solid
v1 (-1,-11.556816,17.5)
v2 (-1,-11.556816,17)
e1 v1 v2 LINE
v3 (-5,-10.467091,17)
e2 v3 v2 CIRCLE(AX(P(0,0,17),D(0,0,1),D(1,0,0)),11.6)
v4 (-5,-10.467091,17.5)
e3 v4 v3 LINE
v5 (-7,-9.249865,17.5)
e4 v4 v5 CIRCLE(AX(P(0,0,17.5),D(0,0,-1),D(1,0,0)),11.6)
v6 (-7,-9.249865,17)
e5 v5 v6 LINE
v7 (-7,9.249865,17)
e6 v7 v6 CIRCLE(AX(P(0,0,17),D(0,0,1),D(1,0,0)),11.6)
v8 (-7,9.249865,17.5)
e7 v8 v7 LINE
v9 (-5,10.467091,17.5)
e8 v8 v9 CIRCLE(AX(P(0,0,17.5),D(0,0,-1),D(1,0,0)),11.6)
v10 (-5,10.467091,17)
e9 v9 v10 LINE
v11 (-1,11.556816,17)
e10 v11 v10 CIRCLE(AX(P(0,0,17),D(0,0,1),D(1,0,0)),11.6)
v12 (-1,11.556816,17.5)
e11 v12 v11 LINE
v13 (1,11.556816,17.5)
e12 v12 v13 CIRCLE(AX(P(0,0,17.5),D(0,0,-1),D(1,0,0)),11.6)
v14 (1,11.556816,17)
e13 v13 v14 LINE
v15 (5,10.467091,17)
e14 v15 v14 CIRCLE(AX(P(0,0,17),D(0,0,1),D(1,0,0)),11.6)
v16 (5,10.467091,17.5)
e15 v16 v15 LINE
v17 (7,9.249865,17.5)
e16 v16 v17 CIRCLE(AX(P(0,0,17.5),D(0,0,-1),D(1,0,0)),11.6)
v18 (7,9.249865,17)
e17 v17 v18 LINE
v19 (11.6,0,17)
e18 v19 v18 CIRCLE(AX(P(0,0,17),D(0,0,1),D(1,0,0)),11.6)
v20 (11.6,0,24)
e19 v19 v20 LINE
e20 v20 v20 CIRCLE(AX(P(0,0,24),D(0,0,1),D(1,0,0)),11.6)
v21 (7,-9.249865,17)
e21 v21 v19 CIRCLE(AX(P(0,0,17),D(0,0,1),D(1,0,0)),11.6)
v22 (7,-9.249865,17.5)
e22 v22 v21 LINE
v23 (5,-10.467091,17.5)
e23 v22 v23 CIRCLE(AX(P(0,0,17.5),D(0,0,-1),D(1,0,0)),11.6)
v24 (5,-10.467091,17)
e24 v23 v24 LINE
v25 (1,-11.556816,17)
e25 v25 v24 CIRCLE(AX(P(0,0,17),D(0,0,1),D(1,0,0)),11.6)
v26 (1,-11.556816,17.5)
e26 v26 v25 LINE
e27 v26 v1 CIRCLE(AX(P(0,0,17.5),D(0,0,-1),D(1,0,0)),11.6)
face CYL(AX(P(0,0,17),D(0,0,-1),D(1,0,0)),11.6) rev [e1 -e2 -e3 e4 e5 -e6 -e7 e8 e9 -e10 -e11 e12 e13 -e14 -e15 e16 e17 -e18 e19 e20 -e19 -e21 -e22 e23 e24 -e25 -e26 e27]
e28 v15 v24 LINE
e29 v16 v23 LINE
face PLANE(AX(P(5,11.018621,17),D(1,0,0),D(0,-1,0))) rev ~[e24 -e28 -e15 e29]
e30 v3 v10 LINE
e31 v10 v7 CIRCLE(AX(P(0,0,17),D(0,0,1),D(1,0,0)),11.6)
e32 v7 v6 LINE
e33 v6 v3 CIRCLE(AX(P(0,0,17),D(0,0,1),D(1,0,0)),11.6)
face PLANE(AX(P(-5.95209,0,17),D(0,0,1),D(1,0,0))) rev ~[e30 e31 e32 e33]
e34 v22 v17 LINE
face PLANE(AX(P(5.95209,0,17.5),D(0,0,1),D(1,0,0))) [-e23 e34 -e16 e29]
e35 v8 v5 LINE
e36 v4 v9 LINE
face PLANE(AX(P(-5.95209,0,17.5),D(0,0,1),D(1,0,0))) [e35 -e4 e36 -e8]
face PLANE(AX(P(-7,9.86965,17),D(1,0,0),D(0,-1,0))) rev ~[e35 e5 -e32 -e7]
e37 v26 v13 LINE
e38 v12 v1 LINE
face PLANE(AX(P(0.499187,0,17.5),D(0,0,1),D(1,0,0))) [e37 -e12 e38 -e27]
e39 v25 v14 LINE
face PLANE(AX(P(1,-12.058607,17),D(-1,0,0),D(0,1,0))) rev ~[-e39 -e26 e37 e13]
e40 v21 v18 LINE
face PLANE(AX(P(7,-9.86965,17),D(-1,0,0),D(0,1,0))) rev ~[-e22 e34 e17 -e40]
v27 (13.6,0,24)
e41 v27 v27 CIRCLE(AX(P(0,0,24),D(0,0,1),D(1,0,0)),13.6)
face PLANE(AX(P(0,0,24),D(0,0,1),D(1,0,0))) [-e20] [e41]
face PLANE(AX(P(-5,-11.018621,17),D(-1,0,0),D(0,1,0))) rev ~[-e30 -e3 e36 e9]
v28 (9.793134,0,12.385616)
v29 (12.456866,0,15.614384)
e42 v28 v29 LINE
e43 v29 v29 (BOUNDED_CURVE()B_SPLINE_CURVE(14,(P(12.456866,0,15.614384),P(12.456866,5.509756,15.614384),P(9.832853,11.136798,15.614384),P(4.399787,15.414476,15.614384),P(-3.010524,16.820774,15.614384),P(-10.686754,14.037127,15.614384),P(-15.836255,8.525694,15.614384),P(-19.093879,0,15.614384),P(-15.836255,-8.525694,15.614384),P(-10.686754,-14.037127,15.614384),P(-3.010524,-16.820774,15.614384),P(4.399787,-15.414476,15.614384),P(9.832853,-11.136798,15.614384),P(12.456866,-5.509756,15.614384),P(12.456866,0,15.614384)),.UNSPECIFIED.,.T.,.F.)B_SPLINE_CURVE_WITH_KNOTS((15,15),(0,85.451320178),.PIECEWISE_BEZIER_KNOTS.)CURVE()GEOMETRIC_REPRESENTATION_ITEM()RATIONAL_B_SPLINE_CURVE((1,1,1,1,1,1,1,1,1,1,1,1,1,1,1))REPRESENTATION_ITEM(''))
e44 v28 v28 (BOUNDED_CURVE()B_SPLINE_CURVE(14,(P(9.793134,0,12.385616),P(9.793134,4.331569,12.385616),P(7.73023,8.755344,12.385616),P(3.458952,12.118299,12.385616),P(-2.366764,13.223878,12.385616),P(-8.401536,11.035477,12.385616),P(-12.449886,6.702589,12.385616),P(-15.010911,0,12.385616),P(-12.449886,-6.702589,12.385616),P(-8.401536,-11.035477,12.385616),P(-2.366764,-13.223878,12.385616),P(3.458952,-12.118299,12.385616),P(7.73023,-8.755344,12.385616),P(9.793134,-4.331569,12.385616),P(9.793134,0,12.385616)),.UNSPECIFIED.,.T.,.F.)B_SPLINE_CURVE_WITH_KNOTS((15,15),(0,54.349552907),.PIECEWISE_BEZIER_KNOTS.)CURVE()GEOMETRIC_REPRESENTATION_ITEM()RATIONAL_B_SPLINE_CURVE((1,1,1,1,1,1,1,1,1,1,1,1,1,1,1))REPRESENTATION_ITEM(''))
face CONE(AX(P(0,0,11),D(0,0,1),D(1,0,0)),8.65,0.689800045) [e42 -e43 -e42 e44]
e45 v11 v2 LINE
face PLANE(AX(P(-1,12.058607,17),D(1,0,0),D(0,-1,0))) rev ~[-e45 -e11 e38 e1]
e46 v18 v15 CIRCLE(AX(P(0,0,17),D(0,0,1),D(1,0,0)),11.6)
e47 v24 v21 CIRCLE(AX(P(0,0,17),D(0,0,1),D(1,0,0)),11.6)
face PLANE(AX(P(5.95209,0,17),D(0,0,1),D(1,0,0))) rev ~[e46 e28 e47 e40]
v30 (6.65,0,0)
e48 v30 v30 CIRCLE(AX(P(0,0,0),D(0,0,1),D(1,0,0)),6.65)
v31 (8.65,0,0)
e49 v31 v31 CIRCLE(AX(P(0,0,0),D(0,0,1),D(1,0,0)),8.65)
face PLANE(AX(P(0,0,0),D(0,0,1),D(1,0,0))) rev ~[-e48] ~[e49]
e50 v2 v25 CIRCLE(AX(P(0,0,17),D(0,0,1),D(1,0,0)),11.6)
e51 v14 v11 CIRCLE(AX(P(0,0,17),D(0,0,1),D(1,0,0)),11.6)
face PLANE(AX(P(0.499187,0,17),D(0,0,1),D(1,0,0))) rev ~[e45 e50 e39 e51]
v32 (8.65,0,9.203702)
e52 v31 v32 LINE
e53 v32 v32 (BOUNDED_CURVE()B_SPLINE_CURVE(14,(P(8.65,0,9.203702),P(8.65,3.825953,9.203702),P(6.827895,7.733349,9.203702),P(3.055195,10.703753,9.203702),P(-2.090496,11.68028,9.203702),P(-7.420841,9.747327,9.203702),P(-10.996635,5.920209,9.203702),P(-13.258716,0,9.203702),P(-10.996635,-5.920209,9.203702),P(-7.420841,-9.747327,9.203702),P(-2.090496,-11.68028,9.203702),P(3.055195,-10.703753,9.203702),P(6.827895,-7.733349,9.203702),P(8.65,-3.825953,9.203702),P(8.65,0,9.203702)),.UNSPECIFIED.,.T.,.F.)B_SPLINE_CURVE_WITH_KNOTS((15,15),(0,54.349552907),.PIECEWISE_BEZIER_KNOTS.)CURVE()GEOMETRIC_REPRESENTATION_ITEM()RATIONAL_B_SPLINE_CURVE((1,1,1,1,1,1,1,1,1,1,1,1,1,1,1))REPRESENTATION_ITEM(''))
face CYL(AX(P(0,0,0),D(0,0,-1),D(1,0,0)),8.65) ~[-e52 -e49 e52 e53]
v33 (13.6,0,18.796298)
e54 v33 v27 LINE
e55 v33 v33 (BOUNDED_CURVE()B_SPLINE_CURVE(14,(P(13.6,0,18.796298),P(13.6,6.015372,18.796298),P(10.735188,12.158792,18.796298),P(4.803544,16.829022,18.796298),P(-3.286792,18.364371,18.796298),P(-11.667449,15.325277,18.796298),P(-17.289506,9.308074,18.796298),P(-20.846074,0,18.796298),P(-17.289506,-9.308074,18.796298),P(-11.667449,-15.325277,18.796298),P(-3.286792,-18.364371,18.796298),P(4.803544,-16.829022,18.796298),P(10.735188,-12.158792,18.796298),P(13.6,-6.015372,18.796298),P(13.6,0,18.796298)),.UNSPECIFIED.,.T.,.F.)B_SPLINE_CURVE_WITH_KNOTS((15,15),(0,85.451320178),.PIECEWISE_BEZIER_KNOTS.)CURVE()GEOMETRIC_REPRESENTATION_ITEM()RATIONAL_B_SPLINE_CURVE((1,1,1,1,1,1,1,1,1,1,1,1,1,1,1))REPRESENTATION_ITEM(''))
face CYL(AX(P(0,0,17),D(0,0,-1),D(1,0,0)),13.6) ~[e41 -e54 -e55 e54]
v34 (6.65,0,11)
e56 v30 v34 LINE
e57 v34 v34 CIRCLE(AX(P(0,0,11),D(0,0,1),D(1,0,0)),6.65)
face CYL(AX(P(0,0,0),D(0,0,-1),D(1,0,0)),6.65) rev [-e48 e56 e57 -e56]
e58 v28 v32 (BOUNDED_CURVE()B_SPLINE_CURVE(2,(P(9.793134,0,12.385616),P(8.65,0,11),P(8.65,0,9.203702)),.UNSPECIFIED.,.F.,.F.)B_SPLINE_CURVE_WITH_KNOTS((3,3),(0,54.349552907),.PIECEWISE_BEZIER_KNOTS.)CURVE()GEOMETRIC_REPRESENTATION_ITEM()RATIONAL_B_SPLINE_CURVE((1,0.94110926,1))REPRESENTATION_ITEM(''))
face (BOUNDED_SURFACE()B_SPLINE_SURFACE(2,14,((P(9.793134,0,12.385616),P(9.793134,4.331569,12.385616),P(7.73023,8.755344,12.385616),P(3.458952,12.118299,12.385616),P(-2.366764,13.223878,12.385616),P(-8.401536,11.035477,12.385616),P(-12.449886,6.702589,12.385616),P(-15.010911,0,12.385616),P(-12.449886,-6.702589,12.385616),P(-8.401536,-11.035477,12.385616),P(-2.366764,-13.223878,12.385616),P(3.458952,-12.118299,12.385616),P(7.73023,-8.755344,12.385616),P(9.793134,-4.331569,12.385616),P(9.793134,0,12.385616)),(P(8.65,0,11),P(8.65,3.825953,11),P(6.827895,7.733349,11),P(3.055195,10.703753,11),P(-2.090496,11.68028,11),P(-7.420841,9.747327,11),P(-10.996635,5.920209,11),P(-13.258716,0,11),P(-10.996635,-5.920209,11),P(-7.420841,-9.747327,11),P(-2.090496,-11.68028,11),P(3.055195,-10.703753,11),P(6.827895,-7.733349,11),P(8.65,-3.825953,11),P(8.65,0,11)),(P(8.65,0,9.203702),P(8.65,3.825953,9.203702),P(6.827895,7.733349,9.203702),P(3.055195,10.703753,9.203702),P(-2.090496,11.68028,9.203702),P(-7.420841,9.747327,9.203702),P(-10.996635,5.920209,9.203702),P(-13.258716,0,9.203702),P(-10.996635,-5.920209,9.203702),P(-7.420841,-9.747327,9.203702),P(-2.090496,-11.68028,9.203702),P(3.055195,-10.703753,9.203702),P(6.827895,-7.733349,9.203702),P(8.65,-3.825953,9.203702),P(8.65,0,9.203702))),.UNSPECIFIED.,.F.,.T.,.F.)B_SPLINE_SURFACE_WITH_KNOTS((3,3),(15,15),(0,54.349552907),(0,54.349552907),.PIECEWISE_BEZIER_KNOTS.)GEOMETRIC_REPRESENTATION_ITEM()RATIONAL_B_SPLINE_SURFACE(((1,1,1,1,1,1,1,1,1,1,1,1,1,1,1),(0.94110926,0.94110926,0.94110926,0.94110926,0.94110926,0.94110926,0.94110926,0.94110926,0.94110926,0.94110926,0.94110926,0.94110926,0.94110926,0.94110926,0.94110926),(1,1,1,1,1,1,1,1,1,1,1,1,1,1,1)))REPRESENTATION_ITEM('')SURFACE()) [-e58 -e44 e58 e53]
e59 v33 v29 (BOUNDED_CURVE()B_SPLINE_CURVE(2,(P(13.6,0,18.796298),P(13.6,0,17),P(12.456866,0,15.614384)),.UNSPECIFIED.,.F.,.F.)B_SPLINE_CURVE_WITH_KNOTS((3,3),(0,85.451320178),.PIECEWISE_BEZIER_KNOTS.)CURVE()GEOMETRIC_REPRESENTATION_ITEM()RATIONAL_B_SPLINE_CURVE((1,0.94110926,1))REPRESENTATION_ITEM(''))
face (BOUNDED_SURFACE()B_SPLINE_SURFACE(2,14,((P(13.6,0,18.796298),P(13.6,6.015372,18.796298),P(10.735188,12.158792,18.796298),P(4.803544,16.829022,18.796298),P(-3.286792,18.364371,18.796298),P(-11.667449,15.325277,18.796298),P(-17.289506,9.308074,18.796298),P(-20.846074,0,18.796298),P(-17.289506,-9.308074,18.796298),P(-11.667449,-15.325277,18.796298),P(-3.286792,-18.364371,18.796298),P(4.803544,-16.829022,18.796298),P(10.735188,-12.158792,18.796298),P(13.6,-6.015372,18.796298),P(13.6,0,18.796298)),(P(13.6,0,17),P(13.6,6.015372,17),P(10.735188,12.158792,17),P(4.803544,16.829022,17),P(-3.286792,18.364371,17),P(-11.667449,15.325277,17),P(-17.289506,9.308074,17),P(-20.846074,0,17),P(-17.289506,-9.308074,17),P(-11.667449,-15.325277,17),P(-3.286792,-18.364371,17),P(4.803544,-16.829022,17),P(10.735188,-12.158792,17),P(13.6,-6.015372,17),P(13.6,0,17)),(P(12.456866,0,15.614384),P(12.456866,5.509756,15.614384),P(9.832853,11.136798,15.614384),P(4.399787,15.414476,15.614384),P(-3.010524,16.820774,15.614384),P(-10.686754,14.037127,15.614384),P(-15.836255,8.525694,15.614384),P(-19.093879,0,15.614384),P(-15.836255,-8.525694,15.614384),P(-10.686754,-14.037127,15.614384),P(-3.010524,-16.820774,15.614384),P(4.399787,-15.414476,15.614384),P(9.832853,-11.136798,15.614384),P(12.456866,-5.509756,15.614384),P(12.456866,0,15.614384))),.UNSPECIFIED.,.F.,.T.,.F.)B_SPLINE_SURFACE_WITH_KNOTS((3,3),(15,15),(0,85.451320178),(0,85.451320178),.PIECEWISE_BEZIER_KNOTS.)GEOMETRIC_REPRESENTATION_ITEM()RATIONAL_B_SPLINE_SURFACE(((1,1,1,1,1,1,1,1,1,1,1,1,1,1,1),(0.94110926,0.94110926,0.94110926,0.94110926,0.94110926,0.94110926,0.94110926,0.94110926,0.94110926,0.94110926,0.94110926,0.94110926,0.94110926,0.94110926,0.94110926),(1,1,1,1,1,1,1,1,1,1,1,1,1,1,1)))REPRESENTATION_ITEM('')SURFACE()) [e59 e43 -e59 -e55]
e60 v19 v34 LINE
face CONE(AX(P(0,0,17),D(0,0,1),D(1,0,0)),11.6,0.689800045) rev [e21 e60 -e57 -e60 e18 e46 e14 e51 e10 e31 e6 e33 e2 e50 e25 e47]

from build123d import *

# Parameters (mm, degrees)
F0_R     = 8.65
F0_R_2   = 6.65
F1_DEPTH = 11
F3_R     = 13.6
F3_R_2   = 11.6
F4_DEPTH = 7
F8_DEPTH = 0.5
F10_R    = 5


with BuildPart() as f1:
    # F0 (on Top) → F1 (new body)
    with BuildSketch(Plane.XY):
        Circle(F0_R)
        Circle(F0_R_2, mode=Mode.SUBTRACT)
    extrude(amount=F1_DEPTH)


with BuildPart() as f4:
    # F3 (on offset) → F4 (new body)
    with BuildSketch(Plane.XY.offset(17)):
        Circle(F3_R)
        Circle(F3_R_2, mode=Mode.SUBTRACT)
    extrude(amount=F4_DEPTH)


with BuildPart() as f6:
    # F5 (on Front) → F6 (revolve)
    with BuildSketch(Plane.XZ):
        Polygon((11.6, 17), (6.65, 11), (8.65, 11), (13.6, 17), align=None)
    revolve(axis=Axis((0, 0, 14), (0, 0, 1)))


with BuildPart() as f8:
    # F7 (on offset) → F8 (new body)
    with BuildSketch(Plane.XY.offset(17)):
        with BuildLine():
            Line((-5, -11.018621), (-5, 11.018621))
            ThreePointArc((-5, 11.018621), (-6.02744, 10.4919), (-7, 9.86965))
            Line((-7, 9.86965), (-7, -9.86965))
            ThreePointArc((-7, -9.86965), (-6.02744, -10.4919), (-5, -11.018621))
        make_face()
        with BuildLine():
            Line((1, -12.058607), (1, 12.058607))
            ThreePointArc((1, 12.058607), (0.500428, 12.089647), (0, 12.1))
            Line((0, 12.1), (0, 0))
            Line((0, 0), (0, -12.1))
            ThreePointArc((0, -12.1), (0.500428, -12.089647), (1, -12.058607))
        make_face()
        with BuildLine():
            Line((0, 0), (0, 12.1))
            ThreePointArc((0, 12.1), (-0.500428, 12.089647), (-1, 12.058607))
            Line((-1, 12.058607), (-1, -12.058607))
            ThreePointArc((-1, -12.058607), (-0.500428, -12.089647), (0, -12.1))
            Line((0, -12.1), (0, 0))
        make_face()
        with BuildLine():
            Line((7, -9.86965), (7, 9.86965))
            ThreePointArc((7, 9.86965), (6.02744, 10.4919), (5, 11.018621))
            Line((5, 11.018621), (5, -11.018621))
            ThreePointArc((5, -11.018621), (6.02744, -10.4919), (7, -9.86965))
        make_face()
    extrude(amount=F8_DEPTH)


with BuildPart() as f1_1:
    add(f1.part)

    # F9: union F6, F4, F8
    add(f6.part)
    add(f4.part)
    add(f8.part)

    # F10
    f10_edges = [f1_1.edges().sort_by_distance(p)[0] for p in [
        (-8.65, 0, 11),
        (-13.6, 0, 17),
    ]]
    fillet(f10_edges, radius=F10_R)


solid = f1_1.part
